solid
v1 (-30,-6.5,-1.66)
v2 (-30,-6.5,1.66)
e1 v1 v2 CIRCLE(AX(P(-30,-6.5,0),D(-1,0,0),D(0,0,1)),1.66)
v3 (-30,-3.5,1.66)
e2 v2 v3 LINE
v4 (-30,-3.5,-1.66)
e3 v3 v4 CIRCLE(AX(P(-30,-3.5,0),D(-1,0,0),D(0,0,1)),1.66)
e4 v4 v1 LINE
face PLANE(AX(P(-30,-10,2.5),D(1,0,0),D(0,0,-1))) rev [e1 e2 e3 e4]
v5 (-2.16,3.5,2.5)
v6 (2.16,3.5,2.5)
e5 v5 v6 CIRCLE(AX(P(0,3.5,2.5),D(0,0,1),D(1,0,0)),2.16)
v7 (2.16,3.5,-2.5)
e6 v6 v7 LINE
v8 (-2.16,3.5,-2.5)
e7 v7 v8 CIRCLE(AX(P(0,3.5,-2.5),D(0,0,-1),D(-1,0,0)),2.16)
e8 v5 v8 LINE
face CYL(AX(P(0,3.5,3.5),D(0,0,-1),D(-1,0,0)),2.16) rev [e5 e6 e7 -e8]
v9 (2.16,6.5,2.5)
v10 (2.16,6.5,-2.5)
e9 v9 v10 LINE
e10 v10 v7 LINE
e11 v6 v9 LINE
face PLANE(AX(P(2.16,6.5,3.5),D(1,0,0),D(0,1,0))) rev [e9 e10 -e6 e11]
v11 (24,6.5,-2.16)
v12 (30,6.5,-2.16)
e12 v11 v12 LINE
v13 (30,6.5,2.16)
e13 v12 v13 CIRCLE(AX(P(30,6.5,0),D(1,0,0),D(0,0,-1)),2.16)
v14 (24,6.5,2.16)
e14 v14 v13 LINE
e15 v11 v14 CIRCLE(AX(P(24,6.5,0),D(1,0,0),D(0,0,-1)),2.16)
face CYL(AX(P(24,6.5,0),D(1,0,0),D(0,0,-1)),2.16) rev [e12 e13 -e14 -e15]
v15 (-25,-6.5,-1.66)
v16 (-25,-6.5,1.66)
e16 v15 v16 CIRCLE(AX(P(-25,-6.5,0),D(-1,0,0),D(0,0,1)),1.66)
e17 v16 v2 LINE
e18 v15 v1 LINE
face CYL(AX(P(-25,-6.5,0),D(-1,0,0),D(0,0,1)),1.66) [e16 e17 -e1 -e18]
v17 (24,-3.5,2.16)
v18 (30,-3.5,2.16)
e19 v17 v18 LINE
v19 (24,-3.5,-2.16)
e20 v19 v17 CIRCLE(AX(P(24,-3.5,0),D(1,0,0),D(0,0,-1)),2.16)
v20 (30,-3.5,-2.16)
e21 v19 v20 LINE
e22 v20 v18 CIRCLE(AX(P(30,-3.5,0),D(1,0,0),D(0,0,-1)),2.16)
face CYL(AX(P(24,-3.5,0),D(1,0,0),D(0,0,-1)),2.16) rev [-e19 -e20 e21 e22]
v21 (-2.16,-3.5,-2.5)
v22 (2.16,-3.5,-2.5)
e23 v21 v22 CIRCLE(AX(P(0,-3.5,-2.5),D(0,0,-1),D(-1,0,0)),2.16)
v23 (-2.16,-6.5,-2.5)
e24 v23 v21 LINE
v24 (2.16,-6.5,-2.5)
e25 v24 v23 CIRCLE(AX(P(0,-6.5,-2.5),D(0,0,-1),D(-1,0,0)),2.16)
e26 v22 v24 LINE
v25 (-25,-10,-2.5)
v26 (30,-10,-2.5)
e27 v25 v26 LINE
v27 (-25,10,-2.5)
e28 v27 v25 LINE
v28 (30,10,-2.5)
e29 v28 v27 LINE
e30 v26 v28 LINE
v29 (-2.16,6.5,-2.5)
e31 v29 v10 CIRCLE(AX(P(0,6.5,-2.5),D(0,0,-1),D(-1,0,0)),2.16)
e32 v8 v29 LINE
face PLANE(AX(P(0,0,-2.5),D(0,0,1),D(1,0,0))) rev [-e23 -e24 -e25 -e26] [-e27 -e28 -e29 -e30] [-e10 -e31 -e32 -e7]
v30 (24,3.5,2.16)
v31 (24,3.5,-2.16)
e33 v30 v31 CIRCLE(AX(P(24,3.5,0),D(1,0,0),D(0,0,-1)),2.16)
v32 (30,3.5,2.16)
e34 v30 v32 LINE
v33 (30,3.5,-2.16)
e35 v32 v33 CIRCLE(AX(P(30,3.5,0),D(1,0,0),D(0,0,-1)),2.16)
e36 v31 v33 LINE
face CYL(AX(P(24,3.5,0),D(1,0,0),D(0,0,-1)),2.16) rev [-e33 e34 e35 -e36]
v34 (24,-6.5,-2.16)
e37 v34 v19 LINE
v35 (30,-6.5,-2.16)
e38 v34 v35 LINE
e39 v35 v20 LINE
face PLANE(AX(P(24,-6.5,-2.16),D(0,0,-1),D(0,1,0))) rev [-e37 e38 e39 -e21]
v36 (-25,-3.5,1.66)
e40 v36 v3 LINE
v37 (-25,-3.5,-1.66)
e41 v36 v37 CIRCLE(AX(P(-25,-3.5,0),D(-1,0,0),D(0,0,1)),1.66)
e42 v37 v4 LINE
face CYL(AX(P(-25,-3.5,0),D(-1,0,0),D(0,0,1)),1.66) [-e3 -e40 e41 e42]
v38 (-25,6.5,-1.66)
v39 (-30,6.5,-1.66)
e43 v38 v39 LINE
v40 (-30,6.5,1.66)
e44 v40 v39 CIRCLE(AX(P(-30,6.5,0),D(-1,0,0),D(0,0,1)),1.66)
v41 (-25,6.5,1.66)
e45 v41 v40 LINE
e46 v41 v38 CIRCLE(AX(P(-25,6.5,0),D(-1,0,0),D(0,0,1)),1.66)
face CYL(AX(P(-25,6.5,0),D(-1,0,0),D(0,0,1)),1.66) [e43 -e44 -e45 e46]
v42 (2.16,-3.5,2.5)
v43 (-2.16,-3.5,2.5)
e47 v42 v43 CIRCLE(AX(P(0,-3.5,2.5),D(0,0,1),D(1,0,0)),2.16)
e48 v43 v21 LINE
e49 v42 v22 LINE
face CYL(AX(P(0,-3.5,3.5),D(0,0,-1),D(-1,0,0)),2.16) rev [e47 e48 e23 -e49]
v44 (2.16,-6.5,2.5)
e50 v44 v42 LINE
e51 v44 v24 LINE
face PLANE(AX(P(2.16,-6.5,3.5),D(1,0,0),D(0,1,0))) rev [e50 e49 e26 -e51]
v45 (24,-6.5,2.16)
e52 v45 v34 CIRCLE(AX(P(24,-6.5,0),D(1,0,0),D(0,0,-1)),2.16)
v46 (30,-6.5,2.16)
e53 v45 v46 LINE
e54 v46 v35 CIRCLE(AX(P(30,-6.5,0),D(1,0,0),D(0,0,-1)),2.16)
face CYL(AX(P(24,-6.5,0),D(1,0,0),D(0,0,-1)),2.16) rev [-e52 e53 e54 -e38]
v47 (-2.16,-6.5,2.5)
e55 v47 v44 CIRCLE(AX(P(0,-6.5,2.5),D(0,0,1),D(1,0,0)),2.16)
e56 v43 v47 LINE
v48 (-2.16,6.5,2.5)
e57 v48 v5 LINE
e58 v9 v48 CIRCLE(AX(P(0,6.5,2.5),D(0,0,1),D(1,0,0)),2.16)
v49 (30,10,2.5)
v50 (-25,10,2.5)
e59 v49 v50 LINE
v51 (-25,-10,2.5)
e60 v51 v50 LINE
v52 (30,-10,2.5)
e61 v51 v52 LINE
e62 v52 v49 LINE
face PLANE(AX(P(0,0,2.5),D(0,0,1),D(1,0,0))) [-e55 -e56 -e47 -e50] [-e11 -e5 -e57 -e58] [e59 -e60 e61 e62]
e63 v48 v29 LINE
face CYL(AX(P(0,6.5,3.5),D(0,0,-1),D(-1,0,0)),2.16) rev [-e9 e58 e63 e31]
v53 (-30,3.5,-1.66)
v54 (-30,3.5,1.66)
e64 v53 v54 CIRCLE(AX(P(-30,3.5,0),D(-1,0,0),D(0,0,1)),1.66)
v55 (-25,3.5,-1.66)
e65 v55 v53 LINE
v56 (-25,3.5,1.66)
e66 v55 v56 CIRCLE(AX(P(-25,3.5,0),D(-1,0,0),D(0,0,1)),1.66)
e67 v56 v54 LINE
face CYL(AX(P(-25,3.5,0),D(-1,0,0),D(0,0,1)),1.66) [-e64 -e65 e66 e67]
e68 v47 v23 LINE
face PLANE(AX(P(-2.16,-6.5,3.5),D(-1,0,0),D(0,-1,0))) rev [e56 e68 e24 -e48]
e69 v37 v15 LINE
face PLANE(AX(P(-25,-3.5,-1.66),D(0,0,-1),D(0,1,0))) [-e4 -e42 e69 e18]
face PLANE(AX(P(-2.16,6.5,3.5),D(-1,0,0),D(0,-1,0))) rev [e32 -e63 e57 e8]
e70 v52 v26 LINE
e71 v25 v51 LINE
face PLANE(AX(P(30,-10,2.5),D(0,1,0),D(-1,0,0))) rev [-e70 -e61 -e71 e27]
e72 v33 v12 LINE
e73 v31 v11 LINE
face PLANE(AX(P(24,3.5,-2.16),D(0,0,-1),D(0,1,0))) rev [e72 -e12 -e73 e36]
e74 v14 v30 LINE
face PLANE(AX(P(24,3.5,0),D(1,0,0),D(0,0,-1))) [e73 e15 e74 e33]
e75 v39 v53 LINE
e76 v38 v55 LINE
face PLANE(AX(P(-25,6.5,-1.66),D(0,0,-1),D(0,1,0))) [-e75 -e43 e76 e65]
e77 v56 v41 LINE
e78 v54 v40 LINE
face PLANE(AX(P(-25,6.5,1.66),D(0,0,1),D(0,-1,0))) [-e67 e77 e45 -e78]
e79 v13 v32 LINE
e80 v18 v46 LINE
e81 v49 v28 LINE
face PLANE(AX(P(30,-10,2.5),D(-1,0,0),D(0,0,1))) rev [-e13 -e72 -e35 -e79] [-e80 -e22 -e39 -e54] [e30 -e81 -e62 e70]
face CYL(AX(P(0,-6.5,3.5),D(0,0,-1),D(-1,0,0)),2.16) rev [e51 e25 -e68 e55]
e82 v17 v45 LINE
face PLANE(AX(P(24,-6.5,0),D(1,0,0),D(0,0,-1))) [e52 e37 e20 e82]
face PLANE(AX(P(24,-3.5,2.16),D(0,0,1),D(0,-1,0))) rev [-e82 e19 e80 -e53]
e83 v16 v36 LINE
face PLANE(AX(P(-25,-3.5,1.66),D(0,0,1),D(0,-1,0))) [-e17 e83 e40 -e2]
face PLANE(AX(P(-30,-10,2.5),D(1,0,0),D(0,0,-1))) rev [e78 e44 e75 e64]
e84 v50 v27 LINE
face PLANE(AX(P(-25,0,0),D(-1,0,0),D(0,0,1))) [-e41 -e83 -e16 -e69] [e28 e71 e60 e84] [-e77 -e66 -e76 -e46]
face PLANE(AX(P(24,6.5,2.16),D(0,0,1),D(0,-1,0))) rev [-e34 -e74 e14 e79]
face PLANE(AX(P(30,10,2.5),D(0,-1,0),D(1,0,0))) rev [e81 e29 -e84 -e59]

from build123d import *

# Parameters (mm, degrees)
SKETCH1_W           = 60
SKETCH1_H           = 20
BOSS_EXTRUDE1_DEPTH = 2.5
SKETCH2_W           = 5
SKETCH2_H           = 20
CUT_EXTRUDE1_DEPTH  = 5
CUT_EXTRUDE2_DEPTH  = 6
CUT_EXTRUDE3_DEPTH  = 6


with BuildPart() as part:
    # Sketch1 → Boss-Extrude1 (new, symmetric)
    with BuildSketch(Plane.XY):
        Rectangle(SKETCH1_W, SKETCH1_H)
    extrude(amount=BOSS_EXTRUDE1_DEPTH, both=True)

    # Sketch2 → Cut-Extrude1 (cut)
    with BuildSketch(Plane.ZY.offset(30)):
        Rectangle(SKETCH2_W, SKETCH2_H)
        with BuildLine():
            Line((1.66, 6.5), (1.66, 3.5))
            ThreePointArc((1.66, 3.5), (0, 1.84), (-1.66, 3.5))
            Line((-1.66, 3.5), (-1.66, 6.5))
            ThreePointArc((-1.66, 6.5), (0, 8.16), (1.66, 6.5))
        make_face(mode=Mode.SUBTRACT)
        with BuildLine():
            Line((1.66, -3.5), (1.66, -6.5))
            ThreePointArc((1.66, -6.5), (0, -8.16), (-1.66, -6.5))
            Line((-1.66, -6.5), (-1.66, -3.5))
            ThreePointArc((-1.66, -3.5), (0, -1.84), (1.66, -3.5))
        make_face(mode=Mode.SUBTRACT)
    extrude(amount=-CUT_EXTRUDE1_DEPTH, mode=Mode.SUBTRACT)

    # Sketch3 → Cut-Extrude2 (cut)
    with BuildSketch(Plane(origin=(30, 0, 0), x_dir=(0, 0, -1), z_dir=(1, 0, 0))):
        with BuildLine():
            Line((2.16, 3.5), (2.16, 6.5))
            ThreePointArc((2.16, 6.5), (0, 8.66), (-2.16, 6.5))
            Line((-2.16, 6.5), (-2.16, 3.5))
            ThreePointArc((-2.16, 3.5), (0, 1.34), (2.16, 3.5))
        make_face()
        with BuildLine():
            Line((2.16, -6.5), (2.16, -3.5))
            ThreePointArc((2.16, -3.5), (0, -1.34), (-2.16, -3.5))
            Line((-2.16, -3.5), (-2.16, -6.5))
            ThreePointArc((-2.16, -6.5), (0, -8.66), (2.16, -6.5))
        make_face()
    extrude(amount=-CUT_EXTRUDE2_DEPTH, mode=Mode.SUBTRACT)

    # Sketch4 → Cut-Extrude3 (cut)
    with BuildSketch(Plane(origin=(0, 0, -2.5), x_dir=(-1, 0, 0), z_dir=(0, 0, -1))):
        with BuildLine():
            Line((2.16, 6.5), (2.16, 3.5))
            ThreePointArc((2.16, 3.5), (0, 1.34), (-2.16, 3.5))
            Line((-2.16, 3.5), (-2.16, 6.5))
            ThreePointArc((-2.16, 6.5), (0, 8.66), (2.16, 6.5))
        make_face()
        with BuildLine():
            Line((-2.16, -6.5), (-2.16, -3.5))
            ThreePointArc((-2.16, -3.5), (0, -1.34), (2.16, -3.5))
            Line((2.16, -3.5), (2.16, -6.5))
            ThreePointArc((2.16, -6.5), (0, -8.66), (-2.16, -6.5))
        make_face()
    extrude(amount=-CUT_EXTRUDE3_DEPTH, mode=Mode.SUBTRACT)


solid = part.part
